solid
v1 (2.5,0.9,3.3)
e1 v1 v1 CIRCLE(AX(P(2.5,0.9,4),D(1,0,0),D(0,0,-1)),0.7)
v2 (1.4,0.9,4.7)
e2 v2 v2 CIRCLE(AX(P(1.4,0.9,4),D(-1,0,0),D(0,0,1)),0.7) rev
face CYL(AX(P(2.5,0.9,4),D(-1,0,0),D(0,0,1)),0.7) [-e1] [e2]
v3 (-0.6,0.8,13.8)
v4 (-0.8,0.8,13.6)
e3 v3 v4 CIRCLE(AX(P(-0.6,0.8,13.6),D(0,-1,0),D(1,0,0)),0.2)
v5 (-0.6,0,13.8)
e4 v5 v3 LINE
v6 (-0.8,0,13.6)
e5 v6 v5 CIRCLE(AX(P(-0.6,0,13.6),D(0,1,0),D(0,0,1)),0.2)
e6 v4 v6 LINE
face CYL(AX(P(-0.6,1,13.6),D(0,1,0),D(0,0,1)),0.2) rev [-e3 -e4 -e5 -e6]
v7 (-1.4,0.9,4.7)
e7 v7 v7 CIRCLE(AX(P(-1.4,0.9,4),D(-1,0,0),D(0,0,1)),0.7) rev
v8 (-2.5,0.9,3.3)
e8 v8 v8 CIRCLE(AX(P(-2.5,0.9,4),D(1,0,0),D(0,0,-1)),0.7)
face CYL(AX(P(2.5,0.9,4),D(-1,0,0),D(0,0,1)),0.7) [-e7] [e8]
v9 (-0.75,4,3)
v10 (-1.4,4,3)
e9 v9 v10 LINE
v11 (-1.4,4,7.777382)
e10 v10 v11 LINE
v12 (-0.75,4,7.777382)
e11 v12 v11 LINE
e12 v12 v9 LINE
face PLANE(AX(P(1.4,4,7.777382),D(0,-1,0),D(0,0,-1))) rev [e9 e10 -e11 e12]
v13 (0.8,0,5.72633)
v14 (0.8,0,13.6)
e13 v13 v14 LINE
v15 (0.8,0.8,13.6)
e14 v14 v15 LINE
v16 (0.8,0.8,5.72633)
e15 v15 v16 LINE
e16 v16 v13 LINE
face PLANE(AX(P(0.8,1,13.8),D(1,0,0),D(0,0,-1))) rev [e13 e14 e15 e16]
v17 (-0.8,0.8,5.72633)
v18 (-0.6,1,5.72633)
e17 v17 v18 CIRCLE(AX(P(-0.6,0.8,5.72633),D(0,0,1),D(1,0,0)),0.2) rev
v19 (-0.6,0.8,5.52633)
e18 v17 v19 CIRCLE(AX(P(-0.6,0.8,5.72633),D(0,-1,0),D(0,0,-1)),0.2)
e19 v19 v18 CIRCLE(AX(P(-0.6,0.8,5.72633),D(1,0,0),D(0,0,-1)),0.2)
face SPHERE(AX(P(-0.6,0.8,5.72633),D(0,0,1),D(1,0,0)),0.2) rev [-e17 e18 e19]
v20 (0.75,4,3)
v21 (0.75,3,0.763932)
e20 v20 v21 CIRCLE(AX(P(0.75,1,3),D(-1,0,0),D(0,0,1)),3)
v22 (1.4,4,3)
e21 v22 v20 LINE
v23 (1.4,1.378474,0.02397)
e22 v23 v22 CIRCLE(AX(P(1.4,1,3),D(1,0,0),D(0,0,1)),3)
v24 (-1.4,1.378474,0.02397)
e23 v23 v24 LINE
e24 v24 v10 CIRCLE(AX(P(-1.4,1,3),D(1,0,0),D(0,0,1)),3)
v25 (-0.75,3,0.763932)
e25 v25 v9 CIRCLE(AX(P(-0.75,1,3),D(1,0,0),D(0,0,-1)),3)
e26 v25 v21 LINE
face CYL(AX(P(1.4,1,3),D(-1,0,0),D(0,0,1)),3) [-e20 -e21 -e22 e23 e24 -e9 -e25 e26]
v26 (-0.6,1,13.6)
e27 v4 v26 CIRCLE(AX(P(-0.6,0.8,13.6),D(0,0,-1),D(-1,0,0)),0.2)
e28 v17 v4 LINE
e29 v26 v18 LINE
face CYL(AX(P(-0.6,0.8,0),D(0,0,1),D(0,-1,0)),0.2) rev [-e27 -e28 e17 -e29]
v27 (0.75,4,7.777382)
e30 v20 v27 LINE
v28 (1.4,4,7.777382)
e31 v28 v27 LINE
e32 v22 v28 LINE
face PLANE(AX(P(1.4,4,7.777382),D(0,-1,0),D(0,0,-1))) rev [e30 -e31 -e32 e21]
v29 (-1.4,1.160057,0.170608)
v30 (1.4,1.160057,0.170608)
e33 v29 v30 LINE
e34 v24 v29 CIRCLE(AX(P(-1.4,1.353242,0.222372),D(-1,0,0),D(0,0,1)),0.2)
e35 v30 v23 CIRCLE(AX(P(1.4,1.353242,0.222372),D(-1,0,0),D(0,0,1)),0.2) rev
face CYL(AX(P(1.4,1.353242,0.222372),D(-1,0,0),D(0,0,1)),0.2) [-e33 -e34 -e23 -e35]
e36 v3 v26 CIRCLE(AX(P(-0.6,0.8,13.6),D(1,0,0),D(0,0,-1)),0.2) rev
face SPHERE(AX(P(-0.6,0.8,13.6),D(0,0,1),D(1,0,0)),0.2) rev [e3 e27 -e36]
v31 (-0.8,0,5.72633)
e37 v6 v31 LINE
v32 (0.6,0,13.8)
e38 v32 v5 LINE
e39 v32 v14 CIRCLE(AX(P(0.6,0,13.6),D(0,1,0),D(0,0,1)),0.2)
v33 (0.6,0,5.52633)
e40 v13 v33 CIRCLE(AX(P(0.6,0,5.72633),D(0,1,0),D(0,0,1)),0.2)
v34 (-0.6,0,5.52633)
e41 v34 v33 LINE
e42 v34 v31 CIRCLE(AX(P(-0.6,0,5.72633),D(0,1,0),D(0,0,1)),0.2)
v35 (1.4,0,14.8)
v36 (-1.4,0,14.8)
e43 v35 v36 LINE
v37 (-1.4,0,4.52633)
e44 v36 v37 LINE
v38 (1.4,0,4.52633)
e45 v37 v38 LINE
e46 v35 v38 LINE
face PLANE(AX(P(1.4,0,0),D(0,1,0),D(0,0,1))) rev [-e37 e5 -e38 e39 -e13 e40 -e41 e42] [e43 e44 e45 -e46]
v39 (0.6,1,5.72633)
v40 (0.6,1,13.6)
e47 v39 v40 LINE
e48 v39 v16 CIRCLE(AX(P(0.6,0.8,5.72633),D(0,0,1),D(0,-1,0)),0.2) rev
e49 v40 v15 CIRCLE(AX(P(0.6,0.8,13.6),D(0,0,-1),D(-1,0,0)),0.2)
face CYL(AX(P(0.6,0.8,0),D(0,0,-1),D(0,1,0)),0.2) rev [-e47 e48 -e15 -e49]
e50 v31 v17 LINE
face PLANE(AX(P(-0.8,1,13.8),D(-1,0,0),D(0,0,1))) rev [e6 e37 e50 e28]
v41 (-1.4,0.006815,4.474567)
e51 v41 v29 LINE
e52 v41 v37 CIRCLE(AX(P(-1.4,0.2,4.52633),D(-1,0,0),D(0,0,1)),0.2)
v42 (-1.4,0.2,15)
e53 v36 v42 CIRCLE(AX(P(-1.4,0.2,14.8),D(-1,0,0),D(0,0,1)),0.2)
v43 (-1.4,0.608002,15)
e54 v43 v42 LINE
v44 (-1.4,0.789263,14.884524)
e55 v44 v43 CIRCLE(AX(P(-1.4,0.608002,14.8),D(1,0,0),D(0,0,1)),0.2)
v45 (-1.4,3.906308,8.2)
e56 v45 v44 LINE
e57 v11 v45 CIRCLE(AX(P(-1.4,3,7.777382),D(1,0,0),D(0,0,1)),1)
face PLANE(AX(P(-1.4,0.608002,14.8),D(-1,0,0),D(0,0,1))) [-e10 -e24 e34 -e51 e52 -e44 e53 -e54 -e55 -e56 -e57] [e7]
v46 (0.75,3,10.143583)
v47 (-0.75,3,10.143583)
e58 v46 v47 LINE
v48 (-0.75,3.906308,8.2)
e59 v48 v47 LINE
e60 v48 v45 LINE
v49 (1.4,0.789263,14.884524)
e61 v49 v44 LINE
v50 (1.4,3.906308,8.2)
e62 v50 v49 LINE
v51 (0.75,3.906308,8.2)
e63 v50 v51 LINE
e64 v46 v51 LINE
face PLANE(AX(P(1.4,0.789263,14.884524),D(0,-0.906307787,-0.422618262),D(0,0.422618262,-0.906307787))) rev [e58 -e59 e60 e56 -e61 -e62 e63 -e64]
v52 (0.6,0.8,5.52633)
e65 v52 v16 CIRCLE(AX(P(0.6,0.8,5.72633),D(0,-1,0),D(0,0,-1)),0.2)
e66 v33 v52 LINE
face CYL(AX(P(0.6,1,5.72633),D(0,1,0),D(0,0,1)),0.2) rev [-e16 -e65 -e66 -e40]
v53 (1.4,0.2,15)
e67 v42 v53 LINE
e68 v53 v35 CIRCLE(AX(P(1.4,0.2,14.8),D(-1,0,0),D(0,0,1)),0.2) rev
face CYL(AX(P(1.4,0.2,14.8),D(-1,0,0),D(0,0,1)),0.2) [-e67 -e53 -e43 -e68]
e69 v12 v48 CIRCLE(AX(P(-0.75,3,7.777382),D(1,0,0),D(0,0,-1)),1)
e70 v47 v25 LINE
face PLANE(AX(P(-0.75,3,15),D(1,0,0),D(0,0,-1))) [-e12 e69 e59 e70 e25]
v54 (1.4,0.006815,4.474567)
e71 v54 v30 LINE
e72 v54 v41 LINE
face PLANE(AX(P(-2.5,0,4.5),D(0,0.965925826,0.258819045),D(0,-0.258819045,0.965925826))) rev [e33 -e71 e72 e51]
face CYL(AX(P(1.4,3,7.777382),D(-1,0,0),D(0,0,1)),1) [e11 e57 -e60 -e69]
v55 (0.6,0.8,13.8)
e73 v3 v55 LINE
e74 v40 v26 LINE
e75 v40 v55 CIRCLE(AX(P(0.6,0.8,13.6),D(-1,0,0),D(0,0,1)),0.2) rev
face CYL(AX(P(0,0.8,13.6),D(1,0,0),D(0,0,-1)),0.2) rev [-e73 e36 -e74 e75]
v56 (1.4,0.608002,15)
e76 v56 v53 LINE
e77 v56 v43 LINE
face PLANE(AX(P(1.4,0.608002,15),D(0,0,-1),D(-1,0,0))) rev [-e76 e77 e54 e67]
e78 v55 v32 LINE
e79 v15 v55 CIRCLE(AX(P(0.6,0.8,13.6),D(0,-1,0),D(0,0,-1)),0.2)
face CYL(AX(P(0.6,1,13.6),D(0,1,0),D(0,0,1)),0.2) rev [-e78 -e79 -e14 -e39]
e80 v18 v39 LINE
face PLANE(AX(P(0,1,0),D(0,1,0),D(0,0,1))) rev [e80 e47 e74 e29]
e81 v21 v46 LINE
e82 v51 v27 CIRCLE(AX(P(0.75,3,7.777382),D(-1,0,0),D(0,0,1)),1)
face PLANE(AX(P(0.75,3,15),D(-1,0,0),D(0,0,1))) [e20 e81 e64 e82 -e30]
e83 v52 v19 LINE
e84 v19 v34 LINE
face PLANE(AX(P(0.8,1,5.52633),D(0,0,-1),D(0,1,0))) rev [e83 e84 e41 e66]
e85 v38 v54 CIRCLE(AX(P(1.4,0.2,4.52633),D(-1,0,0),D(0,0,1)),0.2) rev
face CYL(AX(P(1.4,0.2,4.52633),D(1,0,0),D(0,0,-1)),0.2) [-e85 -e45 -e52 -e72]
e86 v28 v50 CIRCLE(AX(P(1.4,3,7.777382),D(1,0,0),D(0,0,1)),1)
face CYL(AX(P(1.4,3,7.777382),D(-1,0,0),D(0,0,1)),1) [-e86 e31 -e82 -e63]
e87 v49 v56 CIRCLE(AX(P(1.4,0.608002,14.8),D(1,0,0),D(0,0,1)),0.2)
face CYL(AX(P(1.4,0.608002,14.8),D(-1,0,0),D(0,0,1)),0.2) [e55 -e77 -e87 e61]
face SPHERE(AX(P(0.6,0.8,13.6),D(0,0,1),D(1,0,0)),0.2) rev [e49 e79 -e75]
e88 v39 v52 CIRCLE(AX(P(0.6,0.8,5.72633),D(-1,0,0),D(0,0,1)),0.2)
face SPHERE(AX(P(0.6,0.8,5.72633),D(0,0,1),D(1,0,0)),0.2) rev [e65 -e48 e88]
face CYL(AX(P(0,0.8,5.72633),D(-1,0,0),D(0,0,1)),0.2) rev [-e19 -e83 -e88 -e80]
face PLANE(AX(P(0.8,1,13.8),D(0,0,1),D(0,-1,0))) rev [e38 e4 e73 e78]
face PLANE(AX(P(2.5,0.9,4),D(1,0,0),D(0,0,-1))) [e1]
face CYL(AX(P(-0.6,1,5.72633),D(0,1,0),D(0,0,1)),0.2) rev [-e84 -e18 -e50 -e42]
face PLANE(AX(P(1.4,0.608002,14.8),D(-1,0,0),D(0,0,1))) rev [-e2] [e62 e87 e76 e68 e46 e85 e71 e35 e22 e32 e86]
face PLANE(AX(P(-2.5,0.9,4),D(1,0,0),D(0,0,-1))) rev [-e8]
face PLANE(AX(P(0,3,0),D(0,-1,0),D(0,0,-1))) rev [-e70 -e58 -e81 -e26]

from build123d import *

# Parameters (mm, degrees)
PROFILE_DEPTH         = 1.4
PIVOTTABS_R           = 0.7
PIVOTTAB_DEPTH        = 2.5
TOPCUTS_W             = 1.5
TOPCUTS_H             = 15
TOPCUT_DEPTH          = 1
PIVOTSLANT_DEPTH      = 16.724185194
PIVOTSLANT_DEPTH_BACK = 16.724185194
PIVOTSLANTF_R         = 0.2
BOTTOMCAVITYS_W       = 1.6
BOTTOMCAVITYS_H       = 8.2736695
BOTTOMCAVITY_DEPTH    = 1
BOTTOMCAVITYF_R       = 0.2


with BuildPart() as part:
    # ProfileS → Profile (new, symmetric)
    with BuildSketch(Plane(origin=(0, 0, 0), x_dir=(0, 0, -1), z_dir=(1, 0, 0))):
        with BuildLine():
            Line((0, 0), (-15, 0))
            Line((-15, 0), (-15, 0.608001659))
            ThreePointArc((-15, 0.608001659), (-14.968678289, 0.715461581), (-14.884523652, 0.789263217))
            Line((-14.884523652, 0.789263217), (-8.2, 3.906307787))
            ThreePointArc((-8.2, 3.906307787), (-7.993821352, 3.976296007), (-7.777381738, 4))
            Line((-7.777381738, 4), (-3, 4))
            ThreePointArc((-3, 4), (-0.878679656, 3.121320344), (0, 1))
            Line((0, 1), (0, 0))
        make_face()
    extrude(amount=PROFILE_DEPTH, both=True)

    # PivotTabS → PivotTab (add, symmetric)
    with BuildSketch(Plane(origin=(0, 0, 0), x_dir=(0, 0, -1), z_dir=(1, 0, 0))):
        with Locations(Location((-4, 0.9, 0), (0, 0, 180))):
            Circle(PIVOTTABS_R)
    extrude(amount=PIVOTTAB_DEPTH, both=True)

    # TopCutS → TopCut (cut)
    with BuildSketch(Plane(origin=(0, 4, 18.512140764), x_dir=(1, 0, 0), z_dir=(0, -1, 0))):
        with Locations((0, -11.012140764)):
            Rectangle(TOPCUTS_W, TOPCUTS_H)
    extrude(amount=TOPCUT_DEPTH, mode=Mode.SUBTRACT)

    # PivotSlantS → PivotSlant (cut, two sides: drawn at the far end of the back side and taken through both)
    with BuildSketch(Plane(origin=(0, 0, 0), x_dir=(0, 0, -1), z_dir=(1, 0, 0)).offset(-PIVOTSLANT_DEPTH_BACK)):
        Polygon((-4.5, 0), (0, 1.205771366), (0, 0), align=None)
    extrude(amount=PIVOTSLANT_DEPTH + PIVOTSLANT_DEPTH_BACK, mode=Mode.SUBTRACT)

    # PivotSlantF
    pivotslantf_edges = [part.edges().sort_by_distance(p)[0] for p in [
        (0, 0, 15),
        (0, 0, 4.5),
        (0, 1.203912318, 0.006938062),
    ]]
    fillet(pivotslantf_edges, radius=PIVOTSLANTF_R)

    # BottomCavityS → BottomCavity (cut)
    with BuildSketch(Plane(origin=(0, 0, 0), x_dir=(-1, 0, 0), z_dir=(0, -1, 0))):
        with Locations((0, -9.66316525)):
            Rectangle(BOTTOMCAVITYS_W, BOTTOMCAVITYS_H)
    extrude(amount=-BOTTOMCAVITY_DEPTH, mode=Mode.SUBTRACT)

    # BottomCavityF
    bottomcavityf_edges = [part.edges().sort_by_distance(p)[0] for p in [
        (-0.8, 1, 9.66316525),
        (-0.8, 0.5, 5.5263305),
        (0, 1, 13.8),
        (-0.8, 0.5, 13.8),
        (0.8, 1, 9.66316525),
        (0.8, 0.5, 13.8),
        (0, 1, 5.5263305),
        (0.8, 0.5, 5.5263305),
    ]]
    fillet(bottomcavityf_edges, radius=BOTTOMCAVITYF_R)


solid = part.part
